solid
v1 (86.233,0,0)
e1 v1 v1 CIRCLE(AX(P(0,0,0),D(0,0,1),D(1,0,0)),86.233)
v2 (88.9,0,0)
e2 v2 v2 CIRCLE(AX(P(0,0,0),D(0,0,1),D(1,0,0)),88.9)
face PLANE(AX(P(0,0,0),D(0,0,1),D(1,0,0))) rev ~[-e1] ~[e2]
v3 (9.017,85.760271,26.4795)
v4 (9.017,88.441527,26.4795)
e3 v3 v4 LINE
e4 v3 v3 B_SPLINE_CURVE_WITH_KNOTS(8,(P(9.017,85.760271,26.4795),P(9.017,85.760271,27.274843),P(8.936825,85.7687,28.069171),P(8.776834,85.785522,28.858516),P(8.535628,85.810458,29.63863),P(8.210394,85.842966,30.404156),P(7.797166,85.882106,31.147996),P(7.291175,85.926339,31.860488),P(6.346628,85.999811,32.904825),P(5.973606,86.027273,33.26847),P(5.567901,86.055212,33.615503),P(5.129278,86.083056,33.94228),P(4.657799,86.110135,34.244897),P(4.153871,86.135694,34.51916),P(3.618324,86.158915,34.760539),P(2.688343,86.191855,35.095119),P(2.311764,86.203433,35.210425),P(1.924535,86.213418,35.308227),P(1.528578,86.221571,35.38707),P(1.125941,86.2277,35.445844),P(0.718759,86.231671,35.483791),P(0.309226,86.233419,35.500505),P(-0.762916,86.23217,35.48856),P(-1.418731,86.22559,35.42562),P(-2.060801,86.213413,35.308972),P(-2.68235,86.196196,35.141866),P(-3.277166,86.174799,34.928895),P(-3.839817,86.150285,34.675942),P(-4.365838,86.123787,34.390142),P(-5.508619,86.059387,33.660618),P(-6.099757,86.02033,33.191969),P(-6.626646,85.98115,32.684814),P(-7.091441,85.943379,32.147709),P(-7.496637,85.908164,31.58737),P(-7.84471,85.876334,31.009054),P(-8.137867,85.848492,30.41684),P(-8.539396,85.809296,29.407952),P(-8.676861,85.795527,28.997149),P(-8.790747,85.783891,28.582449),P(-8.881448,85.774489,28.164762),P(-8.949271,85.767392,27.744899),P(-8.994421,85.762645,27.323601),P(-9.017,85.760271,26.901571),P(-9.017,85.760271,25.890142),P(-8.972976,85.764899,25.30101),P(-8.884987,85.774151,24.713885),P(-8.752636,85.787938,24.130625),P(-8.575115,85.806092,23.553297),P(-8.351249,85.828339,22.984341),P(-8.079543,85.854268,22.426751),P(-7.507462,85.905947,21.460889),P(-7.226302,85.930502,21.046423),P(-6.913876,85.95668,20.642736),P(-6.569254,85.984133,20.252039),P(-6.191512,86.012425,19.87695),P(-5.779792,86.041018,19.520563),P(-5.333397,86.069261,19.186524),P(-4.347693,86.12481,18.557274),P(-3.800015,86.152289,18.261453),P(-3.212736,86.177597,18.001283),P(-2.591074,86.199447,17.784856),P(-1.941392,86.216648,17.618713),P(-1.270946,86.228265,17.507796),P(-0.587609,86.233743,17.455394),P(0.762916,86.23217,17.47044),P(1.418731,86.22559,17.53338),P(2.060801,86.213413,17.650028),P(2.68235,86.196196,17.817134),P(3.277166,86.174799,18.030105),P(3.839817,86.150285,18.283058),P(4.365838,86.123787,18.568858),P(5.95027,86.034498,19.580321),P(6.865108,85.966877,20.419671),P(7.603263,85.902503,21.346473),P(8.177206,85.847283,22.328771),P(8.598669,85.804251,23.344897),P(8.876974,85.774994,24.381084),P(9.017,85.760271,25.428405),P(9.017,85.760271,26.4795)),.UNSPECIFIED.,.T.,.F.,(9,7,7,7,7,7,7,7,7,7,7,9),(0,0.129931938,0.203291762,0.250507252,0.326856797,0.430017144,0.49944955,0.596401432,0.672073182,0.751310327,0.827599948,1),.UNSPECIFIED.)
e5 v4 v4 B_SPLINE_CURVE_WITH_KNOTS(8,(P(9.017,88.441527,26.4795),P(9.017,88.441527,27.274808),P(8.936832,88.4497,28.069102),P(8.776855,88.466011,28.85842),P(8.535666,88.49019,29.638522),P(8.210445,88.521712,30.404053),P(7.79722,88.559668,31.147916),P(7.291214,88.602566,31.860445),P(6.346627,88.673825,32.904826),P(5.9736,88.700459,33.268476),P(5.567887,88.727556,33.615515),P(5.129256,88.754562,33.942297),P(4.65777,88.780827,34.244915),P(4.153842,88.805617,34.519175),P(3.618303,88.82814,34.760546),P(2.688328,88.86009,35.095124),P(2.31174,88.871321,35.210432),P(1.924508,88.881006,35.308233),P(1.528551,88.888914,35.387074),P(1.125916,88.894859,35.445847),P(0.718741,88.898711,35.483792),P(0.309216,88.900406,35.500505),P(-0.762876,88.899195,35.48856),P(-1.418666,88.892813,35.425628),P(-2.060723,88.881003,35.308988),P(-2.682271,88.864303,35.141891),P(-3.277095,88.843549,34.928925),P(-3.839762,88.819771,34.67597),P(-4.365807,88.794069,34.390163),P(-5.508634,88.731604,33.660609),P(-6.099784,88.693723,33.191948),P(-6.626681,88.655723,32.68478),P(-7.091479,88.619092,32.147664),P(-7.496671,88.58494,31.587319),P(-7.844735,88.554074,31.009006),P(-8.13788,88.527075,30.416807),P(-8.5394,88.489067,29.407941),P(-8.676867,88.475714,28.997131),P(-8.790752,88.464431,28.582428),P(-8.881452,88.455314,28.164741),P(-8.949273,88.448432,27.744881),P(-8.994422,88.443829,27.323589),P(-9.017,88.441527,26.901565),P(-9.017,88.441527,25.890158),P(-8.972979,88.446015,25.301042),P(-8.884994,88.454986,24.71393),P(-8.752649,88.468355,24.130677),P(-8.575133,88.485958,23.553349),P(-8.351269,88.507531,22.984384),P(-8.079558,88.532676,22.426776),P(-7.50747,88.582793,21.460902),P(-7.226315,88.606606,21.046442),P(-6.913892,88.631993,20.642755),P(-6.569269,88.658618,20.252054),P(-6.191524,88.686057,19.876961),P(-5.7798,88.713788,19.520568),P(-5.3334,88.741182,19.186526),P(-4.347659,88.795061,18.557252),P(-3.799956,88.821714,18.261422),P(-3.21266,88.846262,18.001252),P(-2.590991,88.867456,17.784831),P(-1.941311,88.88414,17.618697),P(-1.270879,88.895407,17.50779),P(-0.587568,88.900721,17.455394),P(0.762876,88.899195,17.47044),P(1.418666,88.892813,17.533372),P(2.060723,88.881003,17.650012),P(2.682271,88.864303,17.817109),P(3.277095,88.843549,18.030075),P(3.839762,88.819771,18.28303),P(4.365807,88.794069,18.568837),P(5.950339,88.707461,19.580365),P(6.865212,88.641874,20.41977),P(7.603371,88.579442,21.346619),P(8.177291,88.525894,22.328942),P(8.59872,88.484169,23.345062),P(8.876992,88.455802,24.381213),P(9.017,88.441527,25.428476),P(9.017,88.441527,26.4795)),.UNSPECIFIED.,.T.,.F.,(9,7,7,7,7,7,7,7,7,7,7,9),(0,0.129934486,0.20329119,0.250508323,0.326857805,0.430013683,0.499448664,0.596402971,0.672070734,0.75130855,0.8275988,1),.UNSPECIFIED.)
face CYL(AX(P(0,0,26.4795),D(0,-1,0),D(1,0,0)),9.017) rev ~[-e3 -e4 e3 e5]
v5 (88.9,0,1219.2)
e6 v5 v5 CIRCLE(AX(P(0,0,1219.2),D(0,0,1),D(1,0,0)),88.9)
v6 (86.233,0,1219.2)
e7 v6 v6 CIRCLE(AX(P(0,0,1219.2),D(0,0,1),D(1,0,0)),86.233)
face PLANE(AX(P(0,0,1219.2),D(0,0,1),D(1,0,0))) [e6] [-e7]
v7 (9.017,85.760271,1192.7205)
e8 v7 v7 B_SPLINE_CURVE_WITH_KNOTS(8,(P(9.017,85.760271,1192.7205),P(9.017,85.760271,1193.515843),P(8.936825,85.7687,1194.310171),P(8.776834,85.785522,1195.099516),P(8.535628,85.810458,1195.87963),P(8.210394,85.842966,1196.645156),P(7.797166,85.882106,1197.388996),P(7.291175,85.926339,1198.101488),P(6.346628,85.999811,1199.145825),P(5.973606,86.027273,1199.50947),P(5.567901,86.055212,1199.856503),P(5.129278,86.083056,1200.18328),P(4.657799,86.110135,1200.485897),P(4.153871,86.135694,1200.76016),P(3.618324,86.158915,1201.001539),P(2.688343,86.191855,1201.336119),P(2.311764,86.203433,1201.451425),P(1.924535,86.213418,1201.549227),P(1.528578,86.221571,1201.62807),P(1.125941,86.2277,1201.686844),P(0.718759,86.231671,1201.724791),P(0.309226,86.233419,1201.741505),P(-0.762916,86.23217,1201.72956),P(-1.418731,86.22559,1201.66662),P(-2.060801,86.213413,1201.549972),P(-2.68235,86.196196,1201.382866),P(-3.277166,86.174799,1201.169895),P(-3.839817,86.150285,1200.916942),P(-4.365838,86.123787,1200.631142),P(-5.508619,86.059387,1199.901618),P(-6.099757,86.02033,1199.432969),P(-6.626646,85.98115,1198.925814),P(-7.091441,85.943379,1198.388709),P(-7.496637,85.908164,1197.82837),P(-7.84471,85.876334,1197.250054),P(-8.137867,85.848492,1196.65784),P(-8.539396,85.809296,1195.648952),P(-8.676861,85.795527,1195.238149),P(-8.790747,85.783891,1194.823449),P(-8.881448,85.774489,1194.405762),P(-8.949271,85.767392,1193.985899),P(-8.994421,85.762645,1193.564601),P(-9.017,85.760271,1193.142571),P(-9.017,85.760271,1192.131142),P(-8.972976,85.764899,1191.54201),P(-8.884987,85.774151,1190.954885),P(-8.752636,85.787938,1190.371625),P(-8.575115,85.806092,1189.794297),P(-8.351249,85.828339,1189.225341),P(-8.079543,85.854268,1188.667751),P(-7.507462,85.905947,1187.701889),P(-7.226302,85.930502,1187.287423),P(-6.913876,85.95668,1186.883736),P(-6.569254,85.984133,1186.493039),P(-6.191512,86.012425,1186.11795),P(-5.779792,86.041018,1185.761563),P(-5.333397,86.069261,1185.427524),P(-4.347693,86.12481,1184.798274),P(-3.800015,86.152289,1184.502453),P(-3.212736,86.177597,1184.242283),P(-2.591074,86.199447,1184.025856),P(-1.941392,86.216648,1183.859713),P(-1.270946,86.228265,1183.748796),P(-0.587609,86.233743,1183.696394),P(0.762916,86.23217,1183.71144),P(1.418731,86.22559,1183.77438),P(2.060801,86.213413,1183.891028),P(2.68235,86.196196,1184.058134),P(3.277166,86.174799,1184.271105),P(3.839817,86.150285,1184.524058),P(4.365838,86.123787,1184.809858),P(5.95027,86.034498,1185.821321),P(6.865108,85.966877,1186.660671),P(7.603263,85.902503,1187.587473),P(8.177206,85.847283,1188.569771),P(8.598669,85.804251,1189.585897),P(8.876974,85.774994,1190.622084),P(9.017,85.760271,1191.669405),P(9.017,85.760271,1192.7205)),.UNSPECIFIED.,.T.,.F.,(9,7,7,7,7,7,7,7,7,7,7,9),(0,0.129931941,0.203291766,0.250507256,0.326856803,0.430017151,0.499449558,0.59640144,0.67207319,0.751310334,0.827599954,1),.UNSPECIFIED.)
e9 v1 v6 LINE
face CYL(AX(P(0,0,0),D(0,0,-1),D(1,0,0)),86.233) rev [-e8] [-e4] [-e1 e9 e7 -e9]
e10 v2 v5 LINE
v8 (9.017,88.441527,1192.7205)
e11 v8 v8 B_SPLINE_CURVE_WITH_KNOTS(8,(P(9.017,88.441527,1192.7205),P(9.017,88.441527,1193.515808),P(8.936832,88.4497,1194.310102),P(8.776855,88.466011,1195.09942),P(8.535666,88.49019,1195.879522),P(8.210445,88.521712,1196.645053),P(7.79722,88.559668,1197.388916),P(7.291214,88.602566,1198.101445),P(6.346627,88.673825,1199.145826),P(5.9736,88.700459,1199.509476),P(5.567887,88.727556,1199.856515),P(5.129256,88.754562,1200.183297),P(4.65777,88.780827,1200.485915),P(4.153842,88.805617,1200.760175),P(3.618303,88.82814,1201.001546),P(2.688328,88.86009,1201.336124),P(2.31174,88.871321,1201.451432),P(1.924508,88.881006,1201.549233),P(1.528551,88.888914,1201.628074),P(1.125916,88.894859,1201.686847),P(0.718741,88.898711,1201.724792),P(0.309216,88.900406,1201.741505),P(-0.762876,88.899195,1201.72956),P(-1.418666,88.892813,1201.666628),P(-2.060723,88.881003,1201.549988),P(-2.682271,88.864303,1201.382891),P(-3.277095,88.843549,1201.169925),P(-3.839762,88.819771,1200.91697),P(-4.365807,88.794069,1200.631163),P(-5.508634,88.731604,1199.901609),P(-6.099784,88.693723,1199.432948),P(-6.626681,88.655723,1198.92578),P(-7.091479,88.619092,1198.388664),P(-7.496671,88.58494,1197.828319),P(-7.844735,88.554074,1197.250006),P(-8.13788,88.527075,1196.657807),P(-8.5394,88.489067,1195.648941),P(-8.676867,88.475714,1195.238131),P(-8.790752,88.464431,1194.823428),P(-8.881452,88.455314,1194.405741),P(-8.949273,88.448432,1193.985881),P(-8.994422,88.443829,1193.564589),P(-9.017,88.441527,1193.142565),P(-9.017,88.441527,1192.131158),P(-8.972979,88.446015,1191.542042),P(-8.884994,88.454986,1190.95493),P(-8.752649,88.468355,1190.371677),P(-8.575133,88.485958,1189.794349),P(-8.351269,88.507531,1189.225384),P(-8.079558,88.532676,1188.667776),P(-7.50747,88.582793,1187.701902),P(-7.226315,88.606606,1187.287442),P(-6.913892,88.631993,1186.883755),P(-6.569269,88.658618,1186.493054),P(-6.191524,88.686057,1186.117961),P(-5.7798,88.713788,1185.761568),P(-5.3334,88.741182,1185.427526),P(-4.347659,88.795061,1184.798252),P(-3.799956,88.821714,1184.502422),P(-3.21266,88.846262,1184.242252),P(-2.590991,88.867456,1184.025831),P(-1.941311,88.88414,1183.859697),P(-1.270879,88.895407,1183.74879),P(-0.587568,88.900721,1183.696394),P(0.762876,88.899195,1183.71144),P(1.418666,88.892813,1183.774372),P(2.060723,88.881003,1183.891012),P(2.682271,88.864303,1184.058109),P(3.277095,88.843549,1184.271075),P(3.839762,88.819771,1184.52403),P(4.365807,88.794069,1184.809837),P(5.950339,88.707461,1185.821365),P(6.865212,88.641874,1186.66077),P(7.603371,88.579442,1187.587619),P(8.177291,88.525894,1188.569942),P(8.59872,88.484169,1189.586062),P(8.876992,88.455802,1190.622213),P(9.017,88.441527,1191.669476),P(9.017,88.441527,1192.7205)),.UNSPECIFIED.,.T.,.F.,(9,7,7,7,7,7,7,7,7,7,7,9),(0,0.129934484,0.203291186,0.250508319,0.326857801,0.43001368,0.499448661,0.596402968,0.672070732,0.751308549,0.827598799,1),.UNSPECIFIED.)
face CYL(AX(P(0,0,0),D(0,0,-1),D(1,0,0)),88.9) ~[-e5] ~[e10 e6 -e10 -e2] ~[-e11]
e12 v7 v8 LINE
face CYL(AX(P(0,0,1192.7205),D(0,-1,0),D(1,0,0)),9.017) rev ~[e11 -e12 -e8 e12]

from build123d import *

# Parameters (mm, degrees)
F0_R     = 88.9
F0_R_2   = 86.233
F1_DEPTH = 1219.2
F2_R     = 9.017
F3_DEPTH = 203.2


with BuildPart() as f1:
    # F0 (on Top) → F1 (new body)
    with BuildSketch(Plane.XY):
        Circle(F0_R)
        Circle(F0_R_2, mode=Mode.SUBTRACT)
    extrude(amount=F1_DEPTH)

    # F2 (on Front) → F3 (cut)
    with BuildSketch(Plane.XZ):
        with Locations((0, 1192.7205)):
            Circle(F2_R)
        with Locations((0, 26.4795)):
            Circle(F2_R)
    extrude(amount=-F3_DEPTH, mode=Mode.SUBTRACT)


solid = f1.part
